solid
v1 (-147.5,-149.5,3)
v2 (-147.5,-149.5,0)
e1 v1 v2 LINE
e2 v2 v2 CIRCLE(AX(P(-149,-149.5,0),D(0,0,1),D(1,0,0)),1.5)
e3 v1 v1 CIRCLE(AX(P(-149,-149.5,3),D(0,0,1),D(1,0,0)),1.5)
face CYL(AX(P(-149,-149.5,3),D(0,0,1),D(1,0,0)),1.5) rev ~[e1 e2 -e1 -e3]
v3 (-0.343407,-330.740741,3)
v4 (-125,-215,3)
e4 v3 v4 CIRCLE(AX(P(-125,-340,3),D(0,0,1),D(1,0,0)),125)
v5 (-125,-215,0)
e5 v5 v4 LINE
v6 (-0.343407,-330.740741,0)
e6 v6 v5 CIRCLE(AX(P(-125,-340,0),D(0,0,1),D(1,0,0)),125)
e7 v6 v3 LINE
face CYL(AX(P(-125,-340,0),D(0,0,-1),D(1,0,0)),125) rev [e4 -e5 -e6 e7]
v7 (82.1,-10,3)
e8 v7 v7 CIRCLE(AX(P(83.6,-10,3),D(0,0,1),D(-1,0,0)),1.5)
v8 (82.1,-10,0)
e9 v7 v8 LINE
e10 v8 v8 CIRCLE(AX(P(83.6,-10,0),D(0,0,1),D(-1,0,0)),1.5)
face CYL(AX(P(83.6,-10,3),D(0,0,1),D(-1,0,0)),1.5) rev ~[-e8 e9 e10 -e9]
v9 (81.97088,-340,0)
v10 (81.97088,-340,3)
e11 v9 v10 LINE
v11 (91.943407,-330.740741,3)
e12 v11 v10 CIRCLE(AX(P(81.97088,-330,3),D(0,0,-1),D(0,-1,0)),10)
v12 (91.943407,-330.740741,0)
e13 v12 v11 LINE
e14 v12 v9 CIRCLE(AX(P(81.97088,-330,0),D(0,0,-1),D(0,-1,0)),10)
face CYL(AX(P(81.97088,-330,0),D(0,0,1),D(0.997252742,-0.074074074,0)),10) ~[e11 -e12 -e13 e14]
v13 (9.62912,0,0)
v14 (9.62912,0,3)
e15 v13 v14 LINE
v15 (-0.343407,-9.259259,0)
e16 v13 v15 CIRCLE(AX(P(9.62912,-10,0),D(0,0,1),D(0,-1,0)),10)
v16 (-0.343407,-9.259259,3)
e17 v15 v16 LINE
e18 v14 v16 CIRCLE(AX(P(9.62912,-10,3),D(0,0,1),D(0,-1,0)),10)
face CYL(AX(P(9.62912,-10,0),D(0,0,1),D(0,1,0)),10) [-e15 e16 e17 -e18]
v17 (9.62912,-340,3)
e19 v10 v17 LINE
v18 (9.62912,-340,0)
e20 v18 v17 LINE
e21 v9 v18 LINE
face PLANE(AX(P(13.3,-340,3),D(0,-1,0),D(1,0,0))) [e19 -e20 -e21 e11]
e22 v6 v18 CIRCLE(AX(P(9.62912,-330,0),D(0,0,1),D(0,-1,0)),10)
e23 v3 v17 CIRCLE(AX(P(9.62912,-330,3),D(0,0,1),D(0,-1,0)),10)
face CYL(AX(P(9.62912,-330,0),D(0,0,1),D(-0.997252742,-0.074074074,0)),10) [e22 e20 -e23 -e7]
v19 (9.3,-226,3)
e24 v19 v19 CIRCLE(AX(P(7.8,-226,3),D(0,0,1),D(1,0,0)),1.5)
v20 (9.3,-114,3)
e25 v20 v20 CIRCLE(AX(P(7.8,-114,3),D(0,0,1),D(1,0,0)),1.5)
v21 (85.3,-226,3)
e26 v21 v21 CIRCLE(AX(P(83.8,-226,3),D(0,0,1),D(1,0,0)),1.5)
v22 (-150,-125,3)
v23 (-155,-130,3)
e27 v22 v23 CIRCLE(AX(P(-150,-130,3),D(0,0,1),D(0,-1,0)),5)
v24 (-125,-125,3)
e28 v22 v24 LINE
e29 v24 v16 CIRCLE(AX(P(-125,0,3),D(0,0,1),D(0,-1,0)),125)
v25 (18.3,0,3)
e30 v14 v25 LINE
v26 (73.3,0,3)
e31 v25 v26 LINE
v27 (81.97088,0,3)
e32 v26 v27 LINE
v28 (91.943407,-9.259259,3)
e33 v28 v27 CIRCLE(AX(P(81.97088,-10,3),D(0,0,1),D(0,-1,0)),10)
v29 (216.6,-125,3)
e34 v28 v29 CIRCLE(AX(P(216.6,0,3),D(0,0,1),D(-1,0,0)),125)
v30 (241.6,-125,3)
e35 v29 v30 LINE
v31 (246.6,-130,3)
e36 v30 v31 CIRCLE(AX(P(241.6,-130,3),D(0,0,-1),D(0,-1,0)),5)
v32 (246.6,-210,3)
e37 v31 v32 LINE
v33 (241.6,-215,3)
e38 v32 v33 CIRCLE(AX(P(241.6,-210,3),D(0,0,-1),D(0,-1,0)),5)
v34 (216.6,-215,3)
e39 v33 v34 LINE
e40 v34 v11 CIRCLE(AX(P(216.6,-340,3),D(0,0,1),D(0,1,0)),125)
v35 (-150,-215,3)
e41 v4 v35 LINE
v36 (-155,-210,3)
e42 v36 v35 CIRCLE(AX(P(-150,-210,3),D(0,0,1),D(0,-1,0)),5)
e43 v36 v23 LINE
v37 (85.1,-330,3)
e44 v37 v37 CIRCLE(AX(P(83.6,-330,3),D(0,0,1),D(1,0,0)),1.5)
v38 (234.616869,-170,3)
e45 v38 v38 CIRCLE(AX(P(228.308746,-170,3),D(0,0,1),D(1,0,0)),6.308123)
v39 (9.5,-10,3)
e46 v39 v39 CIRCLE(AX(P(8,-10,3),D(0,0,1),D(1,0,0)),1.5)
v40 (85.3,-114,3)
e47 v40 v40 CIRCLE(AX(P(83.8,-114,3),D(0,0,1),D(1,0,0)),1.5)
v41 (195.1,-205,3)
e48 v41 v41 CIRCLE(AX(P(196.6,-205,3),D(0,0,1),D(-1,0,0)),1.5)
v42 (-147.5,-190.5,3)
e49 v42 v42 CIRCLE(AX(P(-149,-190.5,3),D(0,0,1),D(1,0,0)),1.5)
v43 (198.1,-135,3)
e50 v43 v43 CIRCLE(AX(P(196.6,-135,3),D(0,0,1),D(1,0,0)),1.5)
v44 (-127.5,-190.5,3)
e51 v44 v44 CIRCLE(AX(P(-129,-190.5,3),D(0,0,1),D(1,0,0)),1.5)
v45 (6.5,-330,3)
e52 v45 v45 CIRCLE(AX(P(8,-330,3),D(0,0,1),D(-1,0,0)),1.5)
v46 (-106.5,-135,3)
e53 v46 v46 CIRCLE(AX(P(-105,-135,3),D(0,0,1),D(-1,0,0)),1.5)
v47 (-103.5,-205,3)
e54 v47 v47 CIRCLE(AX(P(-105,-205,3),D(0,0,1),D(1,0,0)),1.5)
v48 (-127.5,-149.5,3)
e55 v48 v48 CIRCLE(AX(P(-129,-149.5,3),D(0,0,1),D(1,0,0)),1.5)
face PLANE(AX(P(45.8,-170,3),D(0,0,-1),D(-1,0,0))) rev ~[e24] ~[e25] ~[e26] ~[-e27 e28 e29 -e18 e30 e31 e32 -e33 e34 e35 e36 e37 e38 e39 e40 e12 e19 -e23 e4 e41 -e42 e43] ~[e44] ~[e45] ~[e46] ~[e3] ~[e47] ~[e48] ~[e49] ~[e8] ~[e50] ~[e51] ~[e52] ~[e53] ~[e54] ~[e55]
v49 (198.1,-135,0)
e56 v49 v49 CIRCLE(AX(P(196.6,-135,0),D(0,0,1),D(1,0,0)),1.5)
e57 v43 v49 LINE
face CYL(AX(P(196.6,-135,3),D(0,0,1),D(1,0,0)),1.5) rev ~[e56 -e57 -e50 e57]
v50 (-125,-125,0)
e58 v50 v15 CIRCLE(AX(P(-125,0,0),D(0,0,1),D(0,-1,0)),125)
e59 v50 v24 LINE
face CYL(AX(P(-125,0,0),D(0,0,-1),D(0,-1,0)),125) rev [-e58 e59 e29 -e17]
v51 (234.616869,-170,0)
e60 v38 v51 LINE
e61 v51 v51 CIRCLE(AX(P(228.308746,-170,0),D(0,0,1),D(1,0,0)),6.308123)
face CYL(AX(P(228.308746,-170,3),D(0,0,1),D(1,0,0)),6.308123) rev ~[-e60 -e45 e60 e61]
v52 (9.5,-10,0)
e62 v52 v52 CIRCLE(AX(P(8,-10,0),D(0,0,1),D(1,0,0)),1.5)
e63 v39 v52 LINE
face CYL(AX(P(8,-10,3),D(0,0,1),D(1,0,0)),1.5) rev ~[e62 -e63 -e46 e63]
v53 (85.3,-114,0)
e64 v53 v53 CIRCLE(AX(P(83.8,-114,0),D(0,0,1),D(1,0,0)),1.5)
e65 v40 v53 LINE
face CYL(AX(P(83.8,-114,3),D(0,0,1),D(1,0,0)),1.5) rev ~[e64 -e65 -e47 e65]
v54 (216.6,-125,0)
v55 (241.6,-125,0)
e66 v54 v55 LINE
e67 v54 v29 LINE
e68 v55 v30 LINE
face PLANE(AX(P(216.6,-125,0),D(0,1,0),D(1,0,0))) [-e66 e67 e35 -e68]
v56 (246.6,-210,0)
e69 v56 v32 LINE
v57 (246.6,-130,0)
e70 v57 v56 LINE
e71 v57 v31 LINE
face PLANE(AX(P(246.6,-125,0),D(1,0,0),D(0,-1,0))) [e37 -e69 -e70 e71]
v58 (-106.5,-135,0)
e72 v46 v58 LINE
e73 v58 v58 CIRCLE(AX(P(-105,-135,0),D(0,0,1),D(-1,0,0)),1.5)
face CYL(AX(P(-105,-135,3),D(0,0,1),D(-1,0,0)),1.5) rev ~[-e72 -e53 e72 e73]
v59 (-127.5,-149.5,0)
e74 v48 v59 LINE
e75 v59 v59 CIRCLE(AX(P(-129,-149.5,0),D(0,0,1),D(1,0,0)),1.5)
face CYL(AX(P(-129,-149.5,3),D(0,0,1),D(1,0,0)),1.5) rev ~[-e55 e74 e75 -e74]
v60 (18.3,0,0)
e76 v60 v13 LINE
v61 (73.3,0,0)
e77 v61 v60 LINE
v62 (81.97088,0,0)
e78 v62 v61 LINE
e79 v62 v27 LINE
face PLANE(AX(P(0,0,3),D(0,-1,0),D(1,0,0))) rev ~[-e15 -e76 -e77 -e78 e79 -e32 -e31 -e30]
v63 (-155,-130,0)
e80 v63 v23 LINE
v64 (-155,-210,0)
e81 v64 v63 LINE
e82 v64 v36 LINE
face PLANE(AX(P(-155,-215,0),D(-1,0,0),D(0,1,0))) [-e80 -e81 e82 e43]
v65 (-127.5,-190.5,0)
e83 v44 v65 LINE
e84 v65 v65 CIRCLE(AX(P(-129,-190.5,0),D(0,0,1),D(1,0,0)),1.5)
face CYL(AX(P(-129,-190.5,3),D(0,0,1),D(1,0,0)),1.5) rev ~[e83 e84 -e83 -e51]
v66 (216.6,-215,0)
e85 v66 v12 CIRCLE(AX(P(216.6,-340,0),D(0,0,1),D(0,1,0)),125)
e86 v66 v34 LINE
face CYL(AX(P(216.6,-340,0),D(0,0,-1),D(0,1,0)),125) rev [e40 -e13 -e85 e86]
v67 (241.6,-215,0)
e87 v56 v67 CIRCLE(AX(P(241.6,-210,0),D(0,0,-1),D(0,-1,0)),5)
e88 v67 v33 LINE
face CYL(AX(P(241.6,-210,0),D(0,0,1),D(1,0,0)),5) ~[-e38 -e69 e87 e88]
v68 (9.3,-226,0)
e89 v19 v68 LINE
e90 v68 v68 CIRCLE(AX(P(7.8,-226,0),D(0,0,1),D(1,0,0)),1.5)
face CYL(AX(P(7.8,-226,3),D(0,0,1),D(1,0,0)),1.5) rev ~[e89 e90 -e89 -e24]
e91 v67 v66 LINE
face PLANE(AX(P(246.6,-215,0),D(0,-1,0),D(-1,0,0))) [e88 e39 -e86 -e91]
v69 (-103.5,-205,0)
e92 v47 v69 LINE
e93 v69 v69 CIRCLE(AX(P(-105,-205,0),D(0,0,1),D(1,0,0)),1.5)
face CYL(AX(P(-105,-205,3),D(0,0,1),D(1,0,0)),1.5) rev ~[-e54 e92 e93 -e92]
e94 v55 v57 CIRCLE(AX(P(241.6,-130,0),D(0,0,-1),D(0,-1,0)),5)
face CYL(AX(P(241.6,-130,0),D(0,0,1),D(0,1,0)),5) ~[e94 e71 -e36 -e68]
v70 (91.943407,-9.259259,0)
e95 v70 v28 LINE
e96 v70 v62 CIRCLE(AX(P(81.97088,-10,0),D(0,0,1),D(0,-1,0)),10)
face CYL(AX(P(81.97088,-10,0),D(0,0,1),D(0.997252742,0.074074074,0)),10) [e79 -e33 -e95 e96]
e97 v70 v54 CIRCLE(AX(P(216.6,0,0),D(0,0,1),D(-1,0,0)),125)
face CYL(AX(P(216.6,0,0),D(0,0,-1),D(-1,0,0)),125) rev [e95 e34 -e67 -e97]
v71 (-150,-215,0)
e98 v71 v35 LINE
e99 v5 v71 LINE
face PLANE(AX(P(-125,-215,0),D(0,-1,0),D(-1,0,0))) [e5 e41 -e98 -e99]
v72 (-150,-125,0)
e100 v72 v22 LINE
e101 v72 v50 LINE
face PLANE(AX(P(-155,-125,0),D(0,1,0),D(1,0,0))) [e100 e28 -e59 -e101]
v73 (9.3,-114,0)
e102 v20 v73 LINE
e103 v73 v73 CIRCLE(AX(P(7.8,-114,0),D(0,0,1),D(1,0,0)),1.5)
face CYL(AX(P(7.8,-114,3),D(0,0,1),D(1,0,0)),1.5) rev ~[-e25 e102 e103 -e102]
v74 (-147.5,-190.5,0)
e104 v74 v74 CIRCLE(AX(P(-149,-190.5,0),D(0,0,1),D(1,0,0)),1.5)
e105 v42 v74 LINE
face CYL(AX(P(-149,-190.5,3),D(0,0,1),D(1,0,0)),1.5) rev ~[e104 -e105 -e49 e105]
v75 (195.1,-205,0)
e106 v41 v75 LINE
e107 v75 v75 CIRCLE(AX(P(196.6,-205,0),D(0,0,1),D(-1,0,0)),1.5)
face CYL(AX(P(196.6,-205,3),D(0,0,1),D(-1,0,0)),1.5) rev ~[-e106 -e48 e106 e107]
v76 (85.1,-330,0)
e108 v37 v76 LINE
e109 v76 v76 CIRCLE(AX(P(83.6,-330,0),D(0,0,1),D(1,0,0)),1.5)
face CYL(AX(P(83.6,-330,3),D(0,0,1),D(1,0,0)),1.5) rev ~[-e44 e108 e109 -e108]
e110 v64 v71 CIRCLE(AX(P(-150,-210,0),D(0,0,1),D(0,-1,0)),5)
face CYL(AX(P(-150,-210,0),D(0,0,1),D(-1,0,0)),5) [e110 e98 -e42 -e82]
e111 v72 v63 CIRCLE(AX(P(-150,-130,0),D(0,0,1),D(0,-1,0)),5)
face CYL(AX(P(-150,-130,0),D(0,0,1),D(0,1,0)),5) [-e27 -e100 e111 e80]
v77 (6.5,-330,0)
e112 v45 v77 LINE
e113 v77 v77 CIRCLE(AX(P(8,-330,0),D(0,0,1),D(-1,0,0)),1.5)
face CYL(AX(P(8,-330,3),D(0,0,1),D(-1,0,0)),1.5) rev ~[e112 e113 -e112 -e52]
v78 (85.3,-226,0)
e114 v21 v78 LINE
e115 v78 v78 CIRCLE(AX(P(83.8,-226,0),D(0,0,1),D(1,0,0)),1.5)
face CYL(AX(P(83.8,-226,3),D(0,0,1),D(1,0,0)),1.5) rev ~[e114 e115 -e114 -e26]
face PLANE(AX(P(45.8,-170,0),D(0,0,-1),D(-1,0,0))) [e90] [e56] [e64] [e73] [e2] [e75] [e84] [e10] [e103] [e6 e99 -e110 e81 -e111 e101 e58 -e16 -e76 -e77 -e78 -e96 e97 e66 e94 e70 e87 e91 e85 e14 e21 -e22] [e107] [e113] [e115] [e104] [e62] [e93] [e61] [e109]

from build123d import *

# Parameters (mm, degrees)
EXTRUDE_1_DEPTH      = 3
SKETCH_4_R           = 1.5
CUT_EXTRUDE_2_DEPTH  = 10
SKETCH_5_R           = 1.5
CUT_EXTRUDE_3_DEPTH  = 10
FILLET_1_R           = 5
SKETCH_6_W           = 116.747996977
SKETCH_6_H           = 25
SKETCH_6_W_2         = 124.073590325
SKETCH_6_W_3         = 98.220869454
SKETCH_6_W_4         = 117.634329044
CUT_EXTRUDE_4_DEPTH  = 10
SKETCH_7_W           = 65
SKETCH_7_H           = 110
CUT_EXTRUDE_5_DEPTH  = 10
FILLET_2_R           = 5
FILLET_3_R           = 5
SKETCH_9_R           = 6.308122895
CUT_EXTRUDE_7_DEPTH  = 10
SKETCH_10_R          = 1.5
CUT_EXTRUDE_8_DEPTH  = 10
SKETCH_11_R          = 1.5
CUT_EXTRUDE_9_DEPTH  = 10
SKETCH_12_W          = 120.586074841
SKETCH_12_H          = 63.347236109
SKETCH_12_W_2        = 131.774283424
SKETCH_12_H_2        = 66.604431946
CUT_EXTRUDE_10_DEPTH = 10
FILLET_4_R           = 10


with BuildPart() as part:
    # 草图2 → 凸台-拉伸1 (new body)
    with BuildSketch(Plane.XY):
        with BuildLine():
            Line((-16.583123952, 25), (0, 25))
            Line((0, 25), (0, 55))
            Line((0, 55), (91.6, 55))
            Line((91.6, 55), (91.6, 25))
            Line((91.6, 25), (108.183123952, 25))
            Line((108.183123952, 25), (188.183123952, 25))
            Line((188.183123952, 25), (188.183123952, 0))
            Line((188.183123952, 0), (91.6, 0))
            ThreePointArc((91.6, 0), (128.211652352, -88.388347648), (216.6, -125))
            Line((216.6, -125), (246.6, -125))
            Line((246.6, -125), (246.6, -215))
            Line((246.6, -215), (216.6, -215))
            ThreePointArc((216.6, -215), (128.211652352, -251.611652352), (91.6, -340))
            Line((91.6, -340), (188.183123952, -340))
            Line((188.183123952, -340), (188.183123952, -365))
            Line((188.183123952, -365), (108.183123952, -365))
            Line((108.183123952, -365), (91.6, -365))
            Line((91.6, -365), (91.6, -395))
            Line((91.6, -395), (0, -395))
            Line((0, -395), (0, -365))
            Line((0, -365), (-16.583123952, -365))
            Line((-16.583123952, -365), (-96.583123952, -365))
            Line((-96.583123952, -365), (-96.583123952, -340))
            Line((-96.583123952, -340), (0, -340))
            ThreePointArc((0, -340), (-36.611652352, -251.611652352), (-125, -215))
            Line((-125, -215), (-155, -215))
            Line((-155, -215), (-155, -125))
            Line((-155, -125), (-125, -125))
            ThreePointArc((-125, -125), (-36.611652352, -88.388347648), (0, 0))
            Line((0, 0), (-96.583123952, 0))
            Line((-96.583123952, 0), (-96.583123952, 25))
            Line((-96.583123952, 25), (-16.583123952, 25))
        make_face()
    extrude(amount=EXTRUDE_1_DEPTH)

    # 草图4 → 切除-拉伸2 (cut)
    with BuildSketch(Plane.XY.offset(3)):
        with Locations((-90.583123952, 20)):
            Circle(SKETCH_4_R)
        with Locations(Location((-90.583123952, 5, 0), (0, 0, 180))):
            Circle(SKETCH_4_R)
        with Locations((-90.583123952, -345)):
            Circle(SKETCH_4_R)
        with Locations(Location((-90.583123952, -360, 0), (0, 0, 180))):
            Circle(SKETCH_4_R)
        with Locations((182.183123952, -360)):
            Circle(SKETCH_4_R)
        with Locations(Location((182.183123952, -345, 0), (0, 0, 180))):
            Circle(SKETCH_4_R)
        with Locations((182.183123952, 5)):
            Circle(SKETCH_4_R)
        with Locations(Location((182.183123952, 20, 0), (0, 0, 180))):
            Circle(SKETCH_4_R)
    extrude(amount=-CUT_EXTRUDE_2_DEPTH, mode=Mode.SUBTRACT)

    # 草图5 → 切除-拉伸3 (cut)
    with BuildSketch(Plane.XY.offset(3)):
        with Locations((8, -10)):
            Circle(SKETCH_5_R)
        with Locations(Location((83.6, -10, 0), (0, 0, 180))):
            Circle(SKETCH_5_R)
        with Locations((83.6, -330)):
            Circle(SKETCH_5_R)
        with Locations(Location((8, -330, 0), (0, 0, 180))):
            Circle(SKETCH_5_R)
        with Locations((196.6, -135)):
            Circle(SKETCH_5_R)
        with Locations(Location((196.6, -205, 0), (0, 0, 180))):
            Circle(SKETCH_5_R)
        with Locations((-105, -205)):
            Circle(SKETCH_5_R)
        with Locations(Location((-105, -135, 0), (0, 0, 180))):
            Circle(SKETCH_5_R)
    extrude(amount=-CUT_EXTRUDE_3_DEPTH, mode=Mode.SUBTRACT)

    # 圆角1
    fillet_1_edges = [part.edges().sort_by_distance(p)[0] for p in [
        (-96.583123952, 0, 1.5),
        (-96.583123952, 25, 1.5),
        (0, 55, 1.5),
        (91.6, 55, 1.5),
        (188.183123952, 25, 1.5),
        (188.183123952, 0, 1.5),
        (246.6, -125, 1.5),
        (246.6, -215, 1.5),
        (188.183123952, -340, 1.5),
        (188.183123952, -365, 1.5),
        (91.6, -395, 1.5),
        (0, -395, 1.5),
        (-96.583123952, -365, 1.5),
        (-96.583123952, -340, 1.5),
        (-155, -215, 1.5),
        (-155, -125, 1.5),
    ]]
    fillet(fillet_1_edges, radius=FILLET_1_R)

    # 草图6 → 切除-拉伸4 (cut)
    with BuildSketch(Plane.XY.offset(3)):
        with Locations((-58.373998489, 12.5)):
            Rectangle(SKETCH_6_W, SKETCH_6_H)
        with Locations((153.636795163, 12.5)):
            Rectangle(SKETCH_6_W_2, SKETCH_6_H)
        with Locations((-49.110434727, -352.5)):
            Rectangle(SKETCH_6_W_3, SKETCH_6_H)
        with Locations((150.417164522, -352.5)):
            Rectangle(SKETCH_6_W_4, SKETCH_6_H)
    extrude(amount=-CUT_EXTRUDE_4_DEPTH, mode=Mode.SUBTRACT)

    # 草图7 → 切除-拉伸5 (cut)
    with BuildSketch(Plane.XY.offset(3)):
        with Locations((45.8, 55)):
            Rectangle(SKETCH_7_W, SKETCH_7_H)
        with Locations((45.8, -395)):
            Rectangle(SKETCH_7_W, SKETCH_7_H)
    extrude(amount=-CUT_EXTRUDE_5_DEPTH, mode=Mode.SUBTRACT)

    # 圆角2
    fillet_2_edges = [part.edges().sort_by_distance(p)[0] for p in [
        (13.3, 55, 1.5),
        (78.3, 55, 1.5),
        (78.3, -395, 1.5),
        (13.3, -395, 1.5),
    ]]
    fillet(fillet_2_edges, radius=FILLET_2_R)

    # 圆角3
    fillet_3_edges = [part.edges().sort_by_distance(p)[0] for p in [
        (13.3, 0, 1.5),
        (78.3, 0, 1.5),
        (78.3, -340, 1.5),
        (13.3, -340, 1.5),
    ]]
    fillet(fillet_3_edges, radius=FILLET_3_R)

    # 草图9 → 切除-拉伸7 (cut)
    with BuildSketch(Plane.XY.offset(3)):
        with Locations((228.308745857, -170)):
            Circle(SKETCH_9_R)
    extrude(amount=-CUT_EXTRUDE_7_DEPTH, mode=Mode.SUBTRACT)

    # 草图10 → 切除-拉伸8 (cut)
    with BuildSketch(Plane.XY.offset(3)):
        with Locations((-149, -149.5)):
            Circle(SKETCH_10_R)
        with Locations((-129, -149.5)):
            Circle(SKETCH_10_R)
        with Locations((-149, -190.5)):
            Circle(SKETCH_10_R)
        with Locations((-129, -190.5)):
            Circle(SKETCH_10_R)
    extrude(amount=-CUT_EXTRUDE_8_DEPTH, mode=Mode.SUBTRACT)

    # 草图11 → 切除-拉伸9 (cut)
    with BuildSketch(Plane.XY.offset(3)):
        with Locations((7.8, -114)):
            Circle(SKETCH_11_R)
        with Locations((83.8, -114)):
            Circle(SKETCH_11_R)
        with Locations((83.8, -226)):
            Circle(SKETCH_11_R)
        with Locations((7.8, -226)):
            Circle(SKETCH_11_R)
    extrude(amount=-CUT_EXTRUDE_9_DEPTH, mode=Mode.SUBTRACT)

    # 草图12 → 切除-拉伸10 (cut)
    with BuildSketch(Plane.XY.offset(3)):
        with Locations((60.293037421, 31.673618055)):
            Rectangle(SKETCH_12_W, SKETCH_12_H)
        with Locations((65.887141712, -373.302215973)):
            Rectangle(SKETCH_12_W_2, SKETCH_12_H_2)
    extrude(amount=-CUT_EXTRUDE_10_DEPTH, mode=Mode.SUBTRACT)

    # 圆角4
    fillet_4_edges = [part.edges().sort_by_distance(p)[0] for p in [
        (0, 0, 1.5),
        (91.6, 0, 1.5),
        (91.6, -340, 1.5),
        (0, -340, 1.5),
    ]]
    fillet(fillet_4_edges, radius=FILLET_4_R)


solid = part.part
